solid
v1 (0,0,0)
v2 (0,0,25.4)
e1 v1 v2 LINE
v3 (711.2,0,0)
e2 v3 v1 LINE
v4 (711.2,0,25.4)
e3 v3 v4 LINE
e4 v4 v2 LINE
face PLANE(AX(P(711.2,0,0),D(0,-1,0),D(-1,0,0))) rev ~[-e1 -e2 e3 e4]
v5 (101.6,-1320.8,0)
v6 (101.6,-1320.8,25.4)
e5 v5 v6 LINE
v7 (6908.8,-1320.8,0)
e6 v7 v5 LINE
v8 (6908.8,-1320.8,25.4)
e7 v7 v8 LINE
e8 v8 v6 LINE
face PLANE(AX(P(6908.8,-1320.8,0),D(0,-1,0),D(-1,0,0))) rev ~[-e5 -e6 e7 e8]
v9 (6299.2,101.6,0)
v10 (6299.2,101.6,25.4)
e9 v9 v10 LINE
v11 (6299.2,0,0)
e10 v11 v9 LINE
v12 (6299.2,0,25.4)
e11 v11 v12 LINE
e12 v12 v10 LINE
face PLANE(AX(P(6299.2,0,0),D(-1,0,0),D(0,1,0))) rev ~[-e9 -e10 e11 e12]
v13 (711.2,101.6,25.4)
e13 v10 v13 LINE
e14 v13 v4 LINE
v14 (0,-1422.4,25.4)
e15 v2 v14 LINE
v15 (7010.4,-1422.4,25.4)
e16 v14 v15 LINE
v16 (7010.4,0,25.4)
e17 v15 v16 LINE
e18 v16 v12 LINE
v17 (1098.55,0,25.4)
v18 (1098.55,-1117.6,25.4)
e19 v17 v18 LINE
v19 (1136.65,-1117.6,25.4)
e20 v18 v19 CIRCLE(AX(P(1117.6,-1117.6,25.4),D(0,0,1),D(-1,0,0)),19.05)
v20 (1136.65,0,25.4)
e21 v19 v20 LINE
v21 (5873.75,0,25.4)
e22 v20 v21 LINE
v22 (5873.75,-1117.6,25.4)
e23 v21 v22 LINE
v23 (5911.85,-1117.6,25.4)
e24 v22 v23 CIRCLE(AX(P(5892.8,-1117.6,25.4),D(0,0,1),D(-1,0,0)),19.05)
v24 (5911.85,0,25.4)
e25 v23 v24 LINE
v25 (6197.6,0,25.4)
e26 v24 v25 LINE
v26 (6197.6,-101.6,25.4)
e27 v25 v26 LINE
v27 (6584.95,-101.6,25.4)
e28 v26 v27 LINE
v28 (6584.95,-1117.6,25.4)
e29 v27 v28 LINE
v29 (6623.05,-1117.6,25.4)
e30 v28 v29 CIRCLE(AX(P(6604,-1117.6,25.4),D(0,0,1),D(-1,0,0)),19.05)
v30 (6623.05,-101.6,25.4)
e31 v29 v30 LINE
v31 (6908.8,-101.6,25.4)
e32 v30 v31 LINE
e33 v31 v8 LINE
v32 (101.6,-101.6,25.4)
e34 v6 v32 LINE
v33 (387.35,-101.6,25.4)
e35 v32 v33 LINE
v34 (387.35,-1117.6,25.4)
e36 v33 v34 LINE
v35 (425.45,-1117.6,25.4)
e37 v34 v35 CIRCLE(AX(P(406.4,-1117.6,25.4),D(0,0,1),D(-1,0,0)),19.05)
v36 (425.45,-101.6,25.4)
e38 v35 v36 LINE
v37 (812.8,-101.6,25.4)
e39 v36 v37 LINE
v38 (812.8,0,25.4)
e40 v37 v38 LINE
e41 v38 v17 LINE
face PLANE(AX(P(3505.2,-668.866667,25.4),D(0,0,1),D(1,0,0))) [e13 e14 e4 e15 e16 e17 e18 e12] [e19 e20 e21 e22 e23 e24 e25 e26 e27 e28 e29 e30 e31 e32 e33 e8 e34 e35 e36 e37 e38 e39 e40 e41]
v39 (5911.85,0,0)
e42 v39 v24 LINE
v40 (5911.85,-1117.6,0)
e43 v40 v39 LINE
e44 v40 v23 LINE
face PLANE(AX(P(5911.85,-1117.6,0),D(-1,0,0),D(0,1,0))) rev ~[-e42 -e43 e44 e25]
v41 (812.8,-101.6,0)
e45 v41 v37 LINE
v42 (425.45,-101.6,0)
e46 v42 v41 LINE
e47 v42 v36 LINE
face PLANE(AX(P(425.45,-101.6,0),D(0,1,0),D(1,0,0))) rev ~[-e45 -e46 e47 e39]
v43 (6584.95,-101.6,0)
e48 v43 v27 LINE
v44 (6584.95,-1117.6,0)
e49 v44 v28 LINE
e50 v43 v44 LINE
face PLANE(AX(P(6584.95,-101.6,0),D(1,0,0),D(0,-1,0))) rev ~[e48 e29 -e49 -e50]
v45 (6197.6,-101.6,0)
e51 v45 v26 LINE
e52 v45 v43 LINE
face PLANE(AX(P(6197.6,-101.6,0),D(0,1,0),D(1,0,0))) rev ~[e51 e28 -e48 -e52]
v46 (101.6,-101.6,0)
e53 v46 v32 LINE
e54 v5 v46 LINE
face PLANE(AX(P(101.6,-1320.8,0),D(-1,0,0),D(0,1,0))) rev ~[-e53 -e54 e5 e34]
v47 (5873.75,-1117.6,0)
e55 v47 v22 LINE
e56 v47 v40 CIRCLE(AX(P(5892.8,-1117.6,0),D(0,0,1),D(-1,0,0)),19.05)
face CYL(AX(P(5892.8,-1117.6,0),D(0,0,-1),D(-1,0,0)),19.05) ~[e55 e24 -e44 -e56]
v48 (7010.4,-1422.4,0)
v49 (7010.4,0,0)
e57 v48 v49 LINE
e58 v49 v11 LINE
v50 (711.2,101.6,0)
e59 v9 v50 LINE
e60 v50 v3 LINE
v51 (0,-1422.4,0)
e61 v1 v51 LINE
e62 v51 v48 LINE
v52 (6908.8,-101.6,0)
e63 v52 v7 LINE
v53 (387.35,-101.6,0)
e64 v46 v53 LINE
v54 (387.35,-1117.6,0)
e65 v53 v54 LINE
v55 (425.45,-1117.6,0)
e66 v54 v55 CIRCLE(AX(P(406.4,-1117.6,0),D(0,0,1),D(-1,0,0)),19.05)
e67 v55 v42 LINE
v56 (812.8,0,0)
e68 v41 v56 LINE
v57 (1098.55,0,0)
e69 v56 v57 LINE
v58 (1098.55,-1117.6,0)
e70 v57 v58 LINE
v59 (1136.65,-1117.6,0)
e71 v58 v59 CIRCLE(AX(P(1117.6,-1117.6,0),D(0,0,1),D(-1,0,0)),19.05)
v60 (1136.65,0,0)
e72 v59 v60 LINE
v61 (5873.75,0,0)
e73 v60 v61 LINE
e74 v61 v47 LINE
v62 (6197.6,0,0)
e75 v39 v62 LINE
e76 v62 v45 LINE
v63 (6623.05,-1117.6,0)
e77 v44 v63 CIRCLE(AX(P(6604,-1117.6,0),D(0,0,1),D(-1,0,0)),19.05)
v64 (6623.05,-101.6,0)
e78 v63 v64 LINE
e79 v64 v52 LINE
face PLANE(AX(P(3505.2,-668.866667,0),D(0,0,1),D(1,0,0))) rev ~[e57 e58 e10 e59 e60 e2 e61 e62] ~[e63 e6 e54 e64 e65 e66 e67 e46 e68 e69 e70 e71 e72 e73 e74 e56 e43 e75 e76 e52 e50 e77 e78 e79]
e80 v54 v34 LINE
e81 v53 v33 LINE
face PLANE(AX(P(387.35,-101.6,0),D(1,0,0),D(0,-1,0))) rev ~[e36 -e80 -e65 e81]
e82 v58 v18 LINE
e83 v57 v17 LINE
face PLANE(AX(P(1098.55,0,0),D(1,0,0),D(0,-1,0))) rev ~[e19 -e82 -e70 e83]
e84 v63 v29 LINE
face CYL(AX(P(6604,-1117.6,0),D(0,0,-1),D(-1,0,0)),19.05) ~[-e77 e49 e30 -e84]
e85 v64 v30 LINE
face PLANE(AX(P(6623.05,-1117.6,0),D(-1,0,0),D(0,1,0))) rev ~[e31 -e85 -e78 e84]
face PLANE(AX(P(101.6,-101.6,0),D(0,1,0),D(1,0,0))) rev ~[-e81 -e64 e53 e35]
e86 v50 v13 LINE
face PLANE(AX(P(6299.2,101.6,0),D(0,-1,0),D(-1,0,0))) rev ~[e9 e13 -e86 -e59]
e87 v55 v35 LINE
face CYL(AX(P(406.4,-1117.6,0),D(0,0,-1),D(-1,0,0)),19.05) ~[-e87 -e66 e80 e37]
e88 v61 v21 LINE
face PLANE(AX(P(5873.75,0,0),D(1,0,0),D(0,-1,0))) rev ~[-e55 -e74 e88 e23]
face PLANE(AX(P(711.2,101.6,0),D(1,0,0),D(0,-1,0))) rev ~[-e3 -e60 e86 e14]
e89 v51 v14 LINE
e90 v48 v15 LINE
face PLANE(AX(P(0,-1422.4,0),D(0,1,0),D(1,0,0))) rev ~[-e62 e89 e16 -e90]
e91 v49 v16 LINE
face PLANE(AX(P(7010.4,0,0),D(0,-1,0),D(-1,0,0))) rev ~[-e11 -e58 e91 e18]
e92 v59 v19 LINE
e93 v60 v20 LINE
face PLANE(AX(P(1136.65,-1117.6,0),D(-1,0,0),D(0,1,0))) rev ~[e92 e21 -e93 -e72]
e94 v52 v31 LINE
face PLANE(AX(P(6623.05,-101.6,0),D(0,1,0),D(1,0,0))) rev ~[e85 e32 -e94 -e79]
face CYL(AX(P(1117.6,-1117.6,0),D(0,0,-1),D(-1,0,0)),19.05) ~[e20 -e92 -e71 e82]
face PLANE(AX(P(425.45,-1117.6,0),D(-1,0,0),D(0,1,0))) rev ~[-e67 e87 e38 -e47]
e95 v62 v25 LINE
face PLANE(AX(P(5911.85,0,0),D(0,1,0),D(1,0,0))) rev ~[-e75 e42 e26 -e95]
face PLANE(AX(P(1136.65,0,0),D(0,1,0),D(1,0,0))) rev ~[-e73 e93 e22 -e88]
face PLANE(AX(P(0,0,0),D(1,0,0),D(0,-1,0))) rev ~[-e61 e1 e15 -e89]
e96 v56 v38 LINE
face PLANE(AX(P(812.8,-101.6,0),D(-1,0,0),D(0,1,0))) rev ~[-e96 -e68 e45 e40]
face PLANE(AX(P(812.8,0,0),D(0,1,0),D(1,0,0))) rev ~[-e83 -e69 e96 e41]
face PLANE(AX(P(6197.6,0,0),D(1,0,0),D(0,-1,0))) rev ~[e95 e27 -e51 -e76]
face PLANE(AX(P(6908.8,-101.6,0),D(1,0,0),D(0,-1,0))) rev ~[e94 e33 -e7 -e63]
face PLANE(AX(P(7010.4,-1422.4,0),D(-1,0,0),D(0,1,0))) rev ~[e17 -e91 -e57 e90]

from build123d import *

# Parameters (mm, degrees)
F1_DEPTH = 25.4


with BuildPart() as f1:
    # F0 (on Top) → F1 (new body)
    with BuildSketch(Plane.XY):
        Polygon((0, 0), (0, -1422.4), (7010.4, -1422.4), (7010.4, 0), (6299.2, 0), (6299.2, 101.6), (711.2, 101.6), (711.2, 0), align=None)
        Polygon((6908.8, -1320.8), (101.6, -1320.8), (101.6, -101.6), (387.35, -101.6), (425.45, -101.6), (812.8, -101.6), (812.8, 0), (1098.55, 0), (1136.65, 0), (5873.75, 0), (5911.85, 0), (6197.6, 0), (6197.6, -101.6), (6584.95, -101.6), (6623.05, -101.6), (6908.8, -101.6), align=None, mode=Mode.SUBTRACT)
        with BuildLine():
            Line((425.45, -101.6), (387.35, -101.6))
            Line((387.35, -101.6), (387.35, -1117.6))
            ThreePointArc((387.35, -1117.6), (406.4, -1098.55), (425.45, -1117.6))
            Line((425.45, -1117.6), (425.45, -101.6))
        make_face()
        with BuildLine():
            ThreePointArc((425.45, -1117.6), (406.4, -1098.55), (387.35, -1117.6))
            Line((387.35, -1117.6), (425.45, -1117.6))
        make_face()
        with BuildLine():
            Line((425.45, -1117.6), (387.35, -1117.6))
            ThreePointArc((387.35, -1117.6), (406.4, -1136.65), (425.45, -1117.6))
        make_face()
        with BuildLine():
            Line((1136.65, 0), (1098.55, 0))
            Line((1098.55, 0), (1098.55, -1117.6))
            ThreePointArc((1098.55, -1117.6), (1117.6, -1098.55), (1136.65, -1117.6))
            Line((1136.65, -1117.6), (1136.65, 0))
        make_face()
        with BuildLine():
            ThreePointArc((1136.65, -1117.6), (1117.6, -1098.55), (1098.55, -1117.6))
            Line((1098.55, -1117.6), (1136.65, -1117.6))
        make_face()
        with BuildLine():
            Line((1136.65, -1117.6), (1098.55, -1117.6))
            ThreePointArc((1098.55, -1117.6), (1117.6, -1136.65), (1136.65, -1117.6))
        make_face()
        with BuildLine():
            Line((5911.85, -1117.6), (5911.85, 0))
            Line((5911.85, 0), (5873.75, 0))
            Line((5873.75, 0), (5873.75, -1117.6))
            ThreePointArc((5873.75, -1117.6), (5892.8, -1098.55), (5911.85, -1117.6))
        make_face()
        with BuildLine():
            Line((5873.75, -1117.6), (5911.85, -1117.6))
            ThreePointArc((5911.85, -1117.6), (5892.8, -1098.55), (5873.75, -1117.6))
        make_face()
        with BuildLine():
            ThreePointArc((5873.75, -1117.6), (5892.8, -1136.65), (5911.85, -1117.6))
            Line((5911.85, -1117.6), (5873.75, -1117.6))
        make_face()
        with BuildLine():
            Line((6623.05, -1117.6), (6623.05, -101.6))
            Line((6623.05, -101.6), (6584.95, -101.6))
            Line((6584.95, -101.6), (6584.95, -1117.6))
            ThreePointArc((6584.95, -1117.6), (6604, -1098.55), (6623.05, -1117.6))
        make_face()
        with BuildLine():
            Line((6584.95, -1117.6), (6623.05, -1117.6))
            ThreePointArc((6623.05, -1117.6), (6604, -1098.55), (6584.95, -1117.6))
        make_face()
        with BuildLine():
            ThreePointArc((6584.95, -1117.6), (6604, -1136.65), (6623.05, -1117.6))
            Line((6623.05, -1117.6), (6584.95, -1117.6))
        make_face()
    extrude(amount=F1_DEPTH)


solid = f1.part
